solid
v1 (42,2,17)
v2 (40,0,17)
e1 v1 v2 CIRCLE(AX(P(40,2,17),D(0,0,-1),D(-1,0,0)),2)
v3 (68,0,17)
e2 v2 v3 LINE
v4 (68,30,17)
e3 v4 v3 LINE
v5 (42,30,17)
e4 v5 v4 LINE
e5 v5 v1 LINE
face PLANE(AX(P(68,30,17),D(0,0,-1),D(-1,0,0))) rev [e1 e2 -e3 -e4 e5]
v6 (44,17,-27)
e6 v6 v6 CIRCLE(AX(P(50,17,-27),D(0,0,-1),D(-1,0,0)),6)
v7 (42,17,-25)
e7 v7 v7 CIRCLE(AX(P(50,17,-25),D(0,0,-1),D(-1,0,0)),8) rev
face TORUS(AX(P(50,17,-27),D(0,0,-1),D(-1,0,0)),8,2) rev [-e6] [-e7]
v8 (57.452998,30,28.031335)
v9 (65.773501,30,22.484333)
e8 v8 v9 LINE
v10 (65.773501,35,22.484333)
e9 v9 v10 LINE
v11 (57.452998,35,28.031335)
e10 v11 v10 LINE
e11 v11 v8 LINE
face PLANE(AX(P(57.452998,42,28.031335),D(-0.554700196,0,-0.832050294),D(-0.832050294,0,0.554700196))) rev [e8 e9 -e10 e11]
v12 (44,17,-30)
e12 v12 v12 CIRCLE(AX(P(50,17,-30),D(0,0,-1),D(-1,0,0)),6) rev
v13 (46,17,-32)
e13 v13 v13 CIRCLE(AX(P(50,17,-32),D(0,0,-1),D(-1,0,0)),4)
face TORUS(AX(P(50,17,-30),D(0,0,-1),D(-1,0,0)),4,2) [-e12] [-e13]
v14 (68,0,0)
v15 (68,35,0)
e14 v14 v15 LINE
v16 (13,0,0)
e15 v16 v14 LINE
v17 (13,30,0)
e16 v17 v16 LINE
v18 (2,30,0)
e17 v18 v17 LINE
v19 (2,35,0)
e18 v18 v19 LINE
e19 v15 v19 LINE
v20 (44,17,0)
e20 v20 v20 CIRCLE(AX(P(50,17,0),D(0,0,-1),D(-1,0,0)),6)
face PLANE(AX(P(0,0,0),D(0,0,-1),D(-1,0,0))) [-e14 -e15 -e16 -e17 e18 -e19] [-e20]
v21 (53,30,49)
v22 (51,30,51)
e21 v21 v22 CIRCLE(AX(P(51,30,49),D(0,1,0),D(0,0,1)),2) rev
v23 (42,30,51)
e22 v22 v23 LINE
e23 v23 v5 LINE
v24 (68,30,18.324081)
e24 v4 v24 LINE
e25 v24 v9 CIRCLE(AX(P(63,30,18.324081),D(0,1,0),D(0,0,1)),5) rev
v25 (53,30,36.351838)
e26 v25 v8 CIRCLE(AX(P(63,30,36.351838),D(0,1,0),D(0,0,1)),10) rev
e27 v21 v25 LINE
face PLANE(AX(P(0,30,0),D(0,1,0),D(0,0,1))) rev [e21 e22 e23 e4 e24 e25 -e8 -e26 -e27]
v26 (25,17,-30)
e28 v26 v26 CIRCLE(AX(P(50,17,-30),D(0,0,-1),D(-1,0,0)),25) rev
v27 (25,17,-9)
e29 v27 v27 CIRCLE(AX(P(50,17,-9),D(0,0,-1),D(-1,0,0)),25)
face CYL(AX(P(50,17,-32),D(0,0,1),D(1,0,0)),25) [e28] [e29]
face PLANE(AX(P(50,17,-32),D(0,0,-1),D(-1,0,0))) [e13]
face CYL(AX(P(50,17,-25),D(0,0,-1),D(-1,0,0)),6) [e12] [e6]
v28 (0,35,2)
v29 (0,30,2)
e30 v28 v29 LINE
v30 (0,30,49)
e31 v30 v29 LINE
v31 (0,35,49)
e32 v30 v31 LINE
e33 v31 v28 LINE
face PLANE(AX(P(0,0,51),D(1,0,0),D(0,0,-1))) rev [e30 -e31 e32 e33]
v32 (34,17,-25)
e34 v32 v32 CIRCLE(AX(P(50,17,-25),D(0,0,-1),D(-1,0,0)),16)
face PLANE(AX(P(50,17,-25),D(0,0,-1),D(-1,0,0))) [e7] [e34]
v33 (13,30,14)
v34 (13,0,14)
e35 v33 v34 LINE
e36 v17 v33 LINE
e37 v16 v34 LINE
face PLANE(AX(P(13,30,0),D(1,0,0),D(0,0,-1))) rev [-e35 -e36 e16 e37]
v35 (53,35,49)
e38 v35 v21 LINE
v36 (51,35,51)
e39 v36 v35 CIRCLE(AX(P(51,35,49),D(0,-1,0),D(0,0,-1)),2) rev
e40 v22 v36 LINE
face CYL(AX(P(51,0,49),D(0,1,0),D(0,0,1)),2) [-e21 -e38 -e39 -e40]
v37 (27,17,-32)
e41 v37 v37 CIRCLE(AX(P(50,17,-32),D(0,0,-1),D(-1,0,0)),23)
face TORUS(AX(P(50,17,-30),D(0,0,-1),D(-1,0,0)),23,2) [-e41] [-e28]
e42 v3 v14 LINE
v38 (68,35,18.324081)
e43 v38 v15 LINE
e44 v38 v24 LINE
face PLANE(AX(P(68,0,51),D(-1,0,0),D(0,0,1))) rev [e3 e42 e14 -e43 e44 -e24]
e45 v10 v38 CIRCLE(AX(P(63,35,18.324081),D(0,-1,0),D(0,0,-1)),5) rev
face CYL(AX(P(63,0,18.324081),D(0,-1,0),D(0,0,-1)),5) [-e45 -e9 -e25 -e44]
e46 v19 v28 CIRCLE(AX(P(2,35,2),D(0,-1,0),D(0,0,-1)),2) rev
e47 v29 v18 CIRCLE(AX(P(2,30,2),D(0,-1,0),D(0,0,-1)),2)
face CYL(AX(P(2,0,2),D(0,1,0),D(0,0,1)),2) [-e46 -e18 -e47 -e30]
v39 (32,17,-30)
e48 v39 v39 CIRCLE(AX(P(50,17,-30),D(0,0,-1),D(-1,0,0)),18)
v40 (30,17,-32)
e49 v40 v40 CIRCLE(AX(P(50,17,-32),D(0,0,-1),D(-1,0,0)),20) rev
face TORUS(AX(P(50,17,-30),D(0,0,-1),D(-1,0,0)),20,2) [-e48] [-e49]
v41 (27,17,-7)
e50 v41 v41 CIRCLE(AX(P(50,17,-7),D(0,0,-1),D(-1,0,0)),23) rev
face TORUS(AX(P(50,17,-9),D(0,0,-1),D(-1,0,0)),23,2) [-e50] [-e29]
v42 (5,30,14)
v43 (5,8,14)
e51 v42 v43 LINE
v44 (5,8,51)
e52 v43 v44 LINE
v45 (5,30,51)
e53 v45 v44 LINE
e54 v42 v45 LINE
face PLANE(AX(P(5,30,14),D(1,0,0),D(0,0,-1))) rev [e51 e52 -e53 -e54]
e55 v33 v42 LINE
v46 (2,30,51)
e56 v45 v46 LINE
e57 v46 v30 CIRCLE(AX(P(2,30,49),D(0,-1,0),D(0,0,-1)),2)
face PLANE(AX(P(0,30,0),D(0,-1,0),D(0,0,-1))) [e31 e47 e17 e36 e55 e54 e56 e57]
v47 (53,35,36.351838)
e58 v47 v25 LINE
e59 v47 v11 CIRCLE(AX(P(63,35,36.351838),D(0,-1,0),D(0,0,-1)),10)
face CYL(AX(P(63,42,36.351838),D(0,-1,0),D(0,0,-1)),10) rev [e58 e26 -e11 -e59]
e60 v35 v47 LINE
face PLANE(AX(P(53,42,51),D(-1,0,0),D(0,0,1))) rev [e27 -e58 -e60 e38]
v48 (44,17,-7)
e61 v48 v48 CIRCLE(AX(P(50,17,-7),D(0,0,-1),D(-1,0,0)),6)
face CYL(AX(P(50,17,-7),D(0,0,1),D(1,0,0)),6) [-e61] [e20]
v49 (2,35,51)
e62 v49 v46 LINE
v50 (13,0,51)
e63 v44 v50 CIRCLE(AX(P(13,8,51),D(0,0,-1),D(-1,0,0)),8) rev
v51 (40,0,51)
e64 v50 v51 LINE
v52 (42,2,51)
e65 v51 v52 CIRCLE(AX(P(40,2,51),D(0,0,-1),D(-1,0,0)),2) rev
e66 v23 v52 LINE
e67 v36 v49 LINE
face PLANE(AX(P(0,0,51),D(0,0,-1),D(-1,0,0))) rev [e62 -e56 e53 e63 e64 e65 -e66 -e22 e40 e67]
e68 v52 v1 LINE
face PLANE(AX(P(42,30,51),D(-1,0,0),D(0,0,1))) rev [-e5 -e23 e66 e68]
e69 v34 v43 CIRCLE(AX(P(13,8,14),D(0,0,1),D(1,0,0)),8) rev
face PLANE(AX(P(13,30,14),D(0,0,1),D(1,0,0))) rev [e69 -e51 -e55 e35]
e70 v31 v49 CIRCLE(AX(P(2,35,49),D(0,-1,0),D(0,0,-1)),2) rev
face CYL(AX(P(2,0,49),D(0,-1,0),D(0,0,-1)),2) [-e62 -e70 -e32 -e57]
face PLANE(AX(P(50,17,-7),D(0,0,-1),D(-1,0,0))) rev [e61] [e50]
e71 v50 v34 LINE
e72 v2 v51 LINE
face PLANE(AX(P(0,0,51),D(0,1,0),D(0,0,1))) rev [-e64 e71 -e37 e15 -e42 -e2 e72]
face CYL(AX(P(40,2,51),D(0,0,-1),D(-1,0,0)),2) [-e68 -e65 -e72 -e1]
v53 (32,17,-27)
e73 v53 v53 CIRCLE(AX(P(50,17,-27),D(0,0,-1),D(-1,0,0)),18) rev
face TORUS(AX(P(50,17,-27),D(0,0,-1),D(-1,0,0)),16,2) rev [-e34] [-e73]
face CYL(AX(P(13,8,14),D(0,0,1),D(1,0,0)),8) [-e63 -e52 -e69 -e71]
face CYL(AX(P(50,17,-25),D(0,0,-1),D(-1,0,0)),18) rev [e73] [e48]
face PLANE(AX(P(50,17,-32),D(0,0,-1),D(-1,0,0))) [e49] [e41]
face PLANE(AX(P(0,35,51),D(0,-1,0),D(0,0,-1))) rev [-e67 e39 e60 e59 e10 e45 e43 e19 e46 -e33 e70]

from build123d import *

# Parameters (mm, degrees)
ESQUISSE1_W             = 68
ESQUISSE1_H             = 35
BOSS_EXTRU_1_DEPTH      = 51
ESQUISSE2_R             = 6
BOSS_EXTRU_2_DEPTH      = 7
ESQUISSE3_R             = 25
BOSS_EXTRU_3_DEPTH      = 25
ENL_V_START             = -7
ESQUISSE4_R             = 18
ESQUISSE4_R_2           = 6
ENL_V_MAT_EXTRU_1_DEPTH = 7
CONG_1_R                = 2
ENL_V_MAT_EXTRU_2_DEPTH = 100.949987536
CONG_2_R                = 5
ESQUISSE7_W             = 26
ESQUISSE7_H             = 34
ENL_V_MAT_EXTRU_3_DEPTH = 30
ENL_V_MAT_EXTRU_4_DEPTH = 30
CONG_3_R                = 8
CONG_4_R                = 2
CONG_5_R                = 2


with BuildPart() as part:
    # Esquisse1 → Boss.-Extru.1 (new body)
    with BuildSketch(Plane.XY):
        with Locations((34, 17.5)):
            Rectangle(ESQUISSE1_W, ESQUISSE1_H)
    extrude(amount=BOSS_EXTRU_1_DEPTH)

    # Esquisse2 → Boss.-Extru.2 (add)
    with BuildSketch(Plane(origin=(0, 0, 0), x_dir=(-1, 0, 0), z_dir=(0, 0, -1))):
        with Locations((-50, 17)):
            Circle(ESQUISSE2_R)
    extrude(amount=BOSS_EXTRU_2_DEPTH)

    # Esquisse3 → Boss.-Extru.3 (add)
    with BuildSketch(Plane(origin=(0, 0, -7), x_dir=(-1, 0, 0), z_dir=(0, 0, -1))):
        with Locations((-50, 17)):
            Circle(ESQUISSE3_R)
    extrude(amount=BOSS_EXTRU_3_DEPTH)

    # Esquisse4 → Enlèv. mat.-Extru.1 (cut)
    with BuildSketch(Plane(origin=(0, 0, -32), x_dir=(-1, 0, 0), z_dir=(0, 0, -1)).offset(ENL_V_START)):
        with Locations((-50, 17)):
            Circle(ESQUISSE4_R)
        with Locations((-50, 17)):
            Circle(ESQUISSE4_R_2, mode=Mode.SUBTRACT)
    extrude(amount=ENL_V_MAT_EXTRU_1_DEPTH, mode=Mode.SUBTRACT)

    # Congé1
    cong_1_edges = [part.edges().sort_by_distance(p)[0] for p in [
        (75, 17, -7),
        (75, 17, -32),
        (68, 17, -25),
        (56, 17, -25),
        (68, 17, -32),
        (56, 17, -32),
    ]]
    fillet(cong_1_edges, radius=CONG_1_R)

    # Esquisse6 → Enlèv. mat.-Extru.2 (cut, through all)
    with BuildSketch(Plane(origin=(0, 0, 0), x_dir=(-1, 0, 0), z_dir=(0, -1, 0))):
        with BuildLine():
            Line((-53, -51), (-53, -36.351837585))
            ThreePointArc((-53, -36.351837585), (-54.183254012, -31.63325833), (-57.452998038, -28.031334642))
            Line((-57.452998038, -28.031334642), (-68, -21))
            Line((-68, -21), (-68, -51))
            Line((-68, -51), (-53, -51))
        make_face()
    extrude(amount=-ENL_V_MAT_EXTRU_2_DEPTH, mode=Mode.SUBTRACT)

    # Congé2
    cong_2_edges = [part.edges().sort_by_distance(p)[0] for p in [
        (68, 17.5, 21),
    ]]
    fillet(cong_2_edges, radius=CONG_2_R)

    # Esquisse7 → Enlèv. mat.-Extru.3 (cut)
    with BuildSketch(Plane.XZ):
        with Locations((55, 34)):
            Rectangle(ESQUISSE7_W, ESQUISSE7_H)
    extrude(amount=-ENL_V_MAT_EXTRU_3_DEPTH, mode=Mode.SUBTRACT)

    # Esquisse8 → Enlèv. mat.-Extru.4 (cut)
    with BuildSketch(Plane.XZ):
        Polygon((0, 0), (13, 0), (13, 14), (5, 14), (5, 51), (0, 51), align=None)
    extrude(amount=-ENL_V_MAT_EXTRU_4_DEPTH, mode=Mode.SUBTRACT)

    # Congé3
    cong_3_edges = [part.edges().sort_by_distance(p)[0] for p in [
        (5, 0, 32.5),
    ]]
    fillet(cong_3_edges, radius=CONG_3_R)

    # Congé4
    cong_4_edges = [part.edges().sort_by_distance(p)[0] for p in [
        (42, 0, 34),
    ]]
    fillet(cong_4_edges, radius=CONG_4_R)

    # Congé5
    cong_5_edges = [part.edges().sort_by_distance(p)[0] for p in [
        (0, 32.5, 51),
        (0, 32.5, 0),
        (53, 32.5, 51),
    ]]
    fillet(cong_5_edges, radius=CONG_5_R)


solid = part.part
